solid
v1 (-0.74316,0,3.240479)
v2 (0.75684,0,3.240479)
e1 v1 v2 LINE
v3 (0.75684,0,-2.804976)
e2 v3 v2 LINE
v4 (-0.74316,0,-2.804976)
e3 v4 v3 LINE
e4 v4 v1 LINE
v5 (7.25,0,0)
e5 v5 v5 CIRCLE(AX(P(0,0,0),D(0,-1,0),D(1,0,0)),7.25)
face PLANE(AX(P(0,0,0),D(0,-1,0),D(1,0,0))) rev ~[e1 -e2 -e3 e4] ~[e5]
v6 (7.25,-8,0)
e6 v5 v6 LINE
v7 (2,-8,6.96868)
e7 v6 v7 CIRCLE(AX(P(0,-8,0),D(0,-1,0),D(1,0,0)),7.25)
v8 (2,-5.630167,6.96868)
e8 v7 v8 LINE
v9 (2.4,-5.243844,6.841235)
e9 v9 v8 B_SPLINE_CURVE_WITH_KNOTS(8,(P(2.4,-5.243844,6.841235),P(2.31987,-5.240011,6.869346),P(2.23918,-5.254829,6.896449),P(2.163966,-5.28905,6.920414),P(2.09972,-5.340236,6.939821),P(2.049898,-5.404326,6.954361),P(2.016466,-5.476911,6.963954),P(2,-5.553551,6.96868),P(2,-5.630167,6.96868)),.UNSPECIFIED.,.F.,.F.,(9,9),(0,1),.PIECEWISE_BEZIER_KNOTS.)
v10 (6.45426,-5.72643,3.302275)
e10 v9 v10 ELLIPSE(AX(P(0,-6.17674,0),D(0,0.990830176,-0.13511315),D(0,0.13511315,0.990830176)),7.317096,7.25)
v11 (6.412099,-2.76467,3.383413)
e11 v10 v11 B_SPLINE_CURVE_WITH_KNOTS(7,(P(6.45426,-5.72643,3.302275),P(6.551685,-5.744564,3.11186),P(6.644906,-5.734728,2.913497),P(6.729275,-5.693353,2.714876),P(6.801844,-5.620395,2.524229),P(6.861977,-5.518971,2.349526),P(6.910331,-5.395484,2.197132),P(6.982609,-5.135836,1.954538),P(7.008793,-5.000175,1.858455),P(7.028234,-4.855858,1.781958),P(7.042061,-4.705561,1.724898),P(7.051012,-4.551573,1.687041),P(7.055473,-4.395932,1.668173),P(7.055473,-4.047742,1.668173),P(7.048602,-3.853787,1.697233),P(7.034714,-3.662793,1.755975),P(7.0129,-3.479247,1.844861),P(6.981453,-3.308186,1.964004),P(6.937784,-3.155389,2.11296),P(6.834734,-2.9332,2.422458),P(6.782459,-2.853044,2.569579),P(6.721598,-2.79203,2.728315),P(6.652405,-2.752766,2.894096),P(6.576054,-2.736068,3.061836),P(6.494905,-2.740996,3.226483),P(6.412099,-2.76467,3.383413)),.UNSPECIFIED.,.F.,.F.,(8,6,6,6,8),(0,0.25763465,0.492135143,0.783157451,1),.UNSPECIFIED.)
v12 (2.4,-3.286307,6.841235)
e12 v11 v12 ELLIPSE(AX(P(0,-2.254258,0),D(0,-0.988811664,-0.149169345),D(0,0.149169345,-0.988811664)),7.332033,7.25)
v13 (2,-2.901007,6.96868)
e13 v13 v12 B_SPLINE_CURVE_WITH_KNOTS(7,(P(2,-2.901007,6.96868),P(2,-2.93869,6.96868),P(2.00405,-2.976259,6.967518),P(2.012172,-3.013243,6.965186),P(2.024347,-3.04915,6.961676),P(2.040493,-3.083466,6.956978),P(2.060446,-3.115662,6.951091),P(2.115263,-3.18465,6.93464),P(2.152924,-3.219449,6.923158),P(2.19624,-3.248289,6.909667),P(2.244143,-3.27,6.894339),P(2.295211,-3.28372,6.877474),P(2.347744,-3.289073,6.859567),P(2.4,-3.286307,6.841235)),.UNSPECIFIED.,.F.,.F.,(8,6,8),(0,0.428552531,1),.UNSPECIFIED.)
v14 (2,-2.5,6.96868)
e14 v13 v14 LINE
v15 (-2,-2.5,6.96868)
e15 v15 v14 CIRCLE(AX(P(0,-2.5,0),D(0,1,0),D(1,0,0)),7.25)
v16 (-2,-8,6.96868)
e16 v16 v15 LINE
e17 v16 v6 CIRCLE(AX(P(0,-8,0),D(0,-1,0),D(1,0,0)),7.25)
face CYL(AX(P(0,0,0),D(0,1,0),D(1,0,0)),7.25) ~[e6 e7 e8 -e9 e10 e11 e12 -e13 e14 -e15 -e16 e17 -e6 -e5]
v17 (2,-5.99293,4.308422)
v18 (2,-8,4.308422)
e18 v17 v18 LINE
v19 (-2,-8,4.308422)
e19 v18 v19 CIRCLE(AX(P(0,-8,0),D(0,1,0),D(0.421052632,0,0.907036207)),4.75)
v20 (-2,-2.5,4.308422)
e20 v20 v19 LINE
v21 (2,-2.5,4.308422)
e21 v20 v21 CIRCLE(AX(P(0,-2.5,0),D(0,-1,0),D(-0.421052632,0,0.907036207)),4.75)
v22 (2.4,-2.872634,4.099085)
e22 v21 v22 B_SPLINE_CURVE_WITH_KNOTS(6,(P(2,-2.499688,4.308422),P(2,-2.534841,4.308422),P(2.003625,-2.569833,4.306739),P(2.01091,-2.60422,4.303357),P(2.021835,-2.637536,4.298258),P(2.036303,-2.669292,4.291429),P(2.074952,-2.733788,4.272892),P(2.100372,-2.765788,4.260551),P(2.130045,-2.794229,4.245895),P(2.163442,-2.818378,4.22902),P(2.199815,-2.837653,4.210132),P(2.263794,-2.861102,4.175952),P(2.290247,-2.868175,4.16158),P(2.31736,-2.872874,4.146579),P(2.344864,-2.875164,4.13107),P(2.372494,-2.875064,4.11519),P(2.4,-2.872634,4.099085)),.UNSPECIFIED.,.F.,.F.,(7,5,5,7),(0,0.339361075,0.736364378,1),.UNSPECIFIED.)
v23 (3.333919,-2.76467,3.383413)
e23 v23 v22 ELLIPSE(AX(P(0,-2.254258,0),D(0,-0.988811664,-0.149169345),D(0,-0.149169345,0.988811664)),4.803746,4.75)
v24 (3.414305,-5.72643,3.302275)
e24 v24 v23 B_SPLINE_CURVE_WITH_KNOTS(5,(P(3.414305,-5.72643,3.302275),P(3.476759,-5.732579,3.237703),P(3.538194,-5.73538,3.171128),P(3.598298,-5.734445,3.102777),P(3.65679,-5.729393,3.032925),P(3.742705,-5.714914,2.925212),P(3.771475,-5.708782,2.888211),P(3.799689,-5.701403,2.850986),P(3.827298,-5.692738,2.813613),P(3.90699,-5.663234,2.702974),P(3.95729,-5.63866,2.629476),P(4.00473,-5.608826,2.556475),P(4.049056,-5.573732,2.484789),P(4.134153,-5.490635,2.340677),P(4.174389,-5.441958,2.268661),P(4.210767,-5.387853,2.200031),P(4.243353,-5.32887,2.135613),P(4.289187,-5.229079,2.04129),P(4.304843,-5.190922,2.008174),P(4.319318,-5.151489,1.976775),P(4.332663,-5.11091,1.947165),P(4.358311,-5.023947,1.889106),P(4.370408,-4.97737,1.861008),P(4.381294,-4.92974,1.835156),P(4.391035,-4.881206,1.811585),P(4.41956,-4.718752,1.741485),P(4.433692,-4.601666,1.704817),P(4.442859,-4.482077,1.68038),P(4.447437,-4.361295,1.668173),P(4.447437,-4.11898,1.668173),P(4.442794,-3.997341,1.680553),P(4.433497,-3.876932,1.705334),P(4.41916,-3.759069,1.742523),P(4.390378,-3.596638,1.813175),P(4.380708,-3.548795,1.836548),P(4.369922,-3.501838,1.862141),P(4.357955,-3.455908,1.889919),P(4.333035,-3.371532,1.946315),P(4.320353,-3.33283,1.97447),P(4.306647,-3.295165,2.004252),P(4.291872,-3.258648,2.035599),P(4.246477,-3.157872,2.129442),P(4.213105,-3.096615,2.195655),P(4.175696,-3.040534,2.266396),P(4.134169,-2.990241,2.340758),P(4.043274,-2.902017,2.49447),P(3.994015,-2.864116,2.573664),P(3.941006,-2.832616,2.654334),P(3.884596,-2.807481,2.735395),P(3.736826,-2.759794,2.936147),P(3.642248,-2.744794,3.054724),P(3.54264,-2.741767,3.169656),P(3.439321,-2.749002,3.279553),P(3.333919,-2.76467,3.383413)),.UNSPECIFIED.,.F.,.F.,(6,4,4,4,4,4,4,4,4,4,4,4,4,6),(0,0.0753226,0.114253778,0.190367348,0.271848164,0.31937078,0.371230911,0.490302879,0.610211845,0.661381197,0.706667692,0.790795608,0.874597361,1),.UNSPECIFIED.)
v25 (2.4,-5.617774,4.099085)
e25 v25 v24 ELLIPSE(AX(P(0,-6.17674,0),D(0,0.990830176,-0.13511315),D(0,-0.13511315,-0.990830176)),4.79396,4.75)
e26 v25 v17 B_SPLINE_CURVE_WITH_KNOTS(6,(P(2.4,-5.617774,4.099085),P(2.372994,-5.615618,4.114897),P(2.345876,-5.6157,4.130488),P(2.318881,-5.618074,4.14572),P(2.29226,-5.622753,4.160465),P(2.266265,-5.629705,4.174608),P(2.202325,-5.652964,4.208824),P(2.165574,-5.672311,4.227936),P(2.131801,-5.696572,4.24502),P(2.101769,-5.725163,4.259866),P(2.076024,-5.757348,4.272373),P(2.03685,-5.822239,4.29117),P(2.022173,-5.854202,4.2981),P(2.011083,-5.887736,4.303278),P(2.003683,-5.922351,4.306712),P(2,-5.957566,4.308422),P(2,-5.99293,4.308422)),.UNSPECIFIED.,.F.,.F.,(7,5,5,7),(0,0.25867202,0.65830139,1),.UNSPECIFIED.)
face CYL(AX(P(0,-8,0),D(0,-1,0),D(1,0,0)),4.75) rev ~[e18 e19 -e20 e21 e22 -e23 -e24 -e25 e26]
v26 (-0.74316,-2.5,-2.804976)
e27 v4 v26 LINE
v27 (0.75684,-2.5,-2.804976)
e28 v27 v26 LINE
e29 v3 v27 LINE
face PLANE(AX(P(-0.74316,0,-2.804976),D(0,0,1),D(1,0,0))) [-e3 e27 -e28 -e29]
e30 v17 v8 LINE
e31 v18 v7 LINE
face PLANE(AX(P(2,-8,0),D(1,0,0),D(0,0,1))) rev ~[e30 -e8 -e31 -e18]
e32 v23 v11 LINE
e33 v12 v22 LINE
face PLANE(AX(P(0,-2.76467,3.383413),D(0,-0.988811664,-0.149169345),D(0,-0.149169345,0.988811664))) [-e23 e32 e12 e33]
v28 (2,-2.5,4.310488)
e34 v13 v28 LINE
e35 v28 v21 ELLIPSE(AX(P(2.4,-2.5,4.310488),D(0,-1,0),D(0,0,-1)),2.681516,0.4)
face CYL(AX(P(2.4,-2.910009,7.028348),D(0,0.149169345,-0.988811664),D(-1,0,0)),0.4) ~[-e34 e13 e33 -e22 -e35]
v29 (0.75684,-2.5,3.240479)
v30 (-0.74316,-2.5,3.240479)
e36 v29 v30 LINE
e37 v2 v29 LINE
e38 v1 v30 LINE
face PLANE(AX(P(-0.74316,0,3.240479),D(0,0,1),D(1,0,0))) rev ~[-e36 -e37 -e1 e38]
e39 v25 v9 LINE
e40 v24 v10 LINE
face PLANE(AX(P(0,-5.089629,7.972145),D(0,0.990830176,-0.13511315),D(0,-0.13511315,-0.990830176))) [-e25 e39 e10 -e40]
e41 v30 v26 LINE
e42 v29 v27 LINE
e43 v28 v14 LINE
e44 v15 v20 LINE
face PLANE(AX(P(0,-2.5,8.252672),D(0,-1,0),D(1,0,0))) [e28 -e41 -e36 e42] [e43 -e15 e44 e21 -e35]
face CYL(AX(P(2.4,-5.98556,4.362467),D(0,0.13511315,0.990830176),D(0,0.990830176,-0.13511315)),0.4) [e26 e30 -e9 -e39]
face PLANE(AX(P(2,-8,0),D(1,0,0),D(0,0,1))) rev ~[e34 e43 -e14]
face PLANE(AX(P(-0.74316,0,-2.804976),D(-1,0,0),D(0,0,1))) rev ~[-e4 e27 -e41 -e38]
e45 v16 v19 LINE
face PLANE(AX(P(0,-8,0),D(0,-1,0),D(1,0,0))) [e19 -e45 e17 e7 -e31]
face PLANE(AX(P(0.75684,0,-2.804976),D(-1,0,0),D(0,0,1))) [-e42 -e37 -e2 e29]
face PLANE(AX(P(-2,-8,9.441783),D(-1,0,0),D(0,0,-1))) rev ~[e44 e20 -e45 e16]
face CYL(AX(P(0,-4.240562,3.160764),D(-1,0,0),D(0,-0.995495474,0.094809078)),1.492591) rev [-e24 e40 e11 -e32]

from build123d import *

# Parameters (mm, degrees)
F0_R     = 7.25
F1_DEPTH = 8
F2_R     = 4.75
F3_DEPTH = 5.5
F4_W     = 4
F4_H     = 9.4417827204
F5_DEPTH = 5.5
F7_DEPTH = 7.251
F8_W     = 1.5
F8_H     = 6.0454548055
F9_DEPTH = 25
F10_R    = 0.4


with BuildPart() as f1:
    # F0 (on Front) → F1 (new body)
    with BuildSketch(Plane.XZ):
        Circle(F0_R)
    extrude(amount=F1_DEPTH)

    # F2 (on face) → F3 (cut)
    with BuildSketch(Plane.XZ.offset(8)):
        Circle(F2_R)
    extrude(amount=-F3_DEPTH, mode=Mode.SUBTRACT)

    # F4 (on face) → F5 (cut, through all)
    with BuildSketch(Plane.XZ.offset(8)):
        with BuildLine():
            Line((-2, 9.4417827204), (-2, 6.9686799324))
            ThreePointArc((-2, 6.9686799324), (0, 7.25), (2, 6.9686799324))
            Line((2, 6.9686799324), (2, 9.4417827204))
            Line((2, 9.4417827204), (-2, 9.4417827204))
        make_face()
        with Locations((0, 4.7208913602)):
            Rectangle(F4_W, F4_H)
    extrude(amount=-F5_DEPTH, mode=Mode.SUBTRACT)

    # F6 (on Right) → F7 (cut, through all)
    with BuildSketch(Plane.YZ):
        with BuildLine():
            Line((-5.0896294415, 7.9721454531), (-5.7264296338, 3.302275436))
            ThreePointArc((-5.7264296338, 3.302275436), (-4.1996874086, 1.6687326956), (-2.7646700478, 3.3834130977))
            Line((-2.7646700478, 3.3834130977), (-3.4622503445, 8.0075236037))
            Line((-3.4622503445, 8.0075236037), (-5.0896294415, 7.9721454531))
        make_face()
    extrude(amount=F7_DEPTH, mode=Mode.SUBTRACT)

    # F8 (on face) → F9 (cut)
    with BuildSketch(Plane.XZ):
        with Locations((0.0068399386, 0.2177511924)):
            Rectangle(F8_W, F8_H)
    extrude(amount=F9_DEPTH, mode=Mode.SUBTRACT)

    # F10
    f10_edges = [f1.edges().sort_by_distance(p)[0] for p in [
        (2, -3.104874, 5.638551),
        (2, -5.407847, 5.638551),
    ]]
    fillet(f10_edges, radius=F10_R)


solid = f1.part
